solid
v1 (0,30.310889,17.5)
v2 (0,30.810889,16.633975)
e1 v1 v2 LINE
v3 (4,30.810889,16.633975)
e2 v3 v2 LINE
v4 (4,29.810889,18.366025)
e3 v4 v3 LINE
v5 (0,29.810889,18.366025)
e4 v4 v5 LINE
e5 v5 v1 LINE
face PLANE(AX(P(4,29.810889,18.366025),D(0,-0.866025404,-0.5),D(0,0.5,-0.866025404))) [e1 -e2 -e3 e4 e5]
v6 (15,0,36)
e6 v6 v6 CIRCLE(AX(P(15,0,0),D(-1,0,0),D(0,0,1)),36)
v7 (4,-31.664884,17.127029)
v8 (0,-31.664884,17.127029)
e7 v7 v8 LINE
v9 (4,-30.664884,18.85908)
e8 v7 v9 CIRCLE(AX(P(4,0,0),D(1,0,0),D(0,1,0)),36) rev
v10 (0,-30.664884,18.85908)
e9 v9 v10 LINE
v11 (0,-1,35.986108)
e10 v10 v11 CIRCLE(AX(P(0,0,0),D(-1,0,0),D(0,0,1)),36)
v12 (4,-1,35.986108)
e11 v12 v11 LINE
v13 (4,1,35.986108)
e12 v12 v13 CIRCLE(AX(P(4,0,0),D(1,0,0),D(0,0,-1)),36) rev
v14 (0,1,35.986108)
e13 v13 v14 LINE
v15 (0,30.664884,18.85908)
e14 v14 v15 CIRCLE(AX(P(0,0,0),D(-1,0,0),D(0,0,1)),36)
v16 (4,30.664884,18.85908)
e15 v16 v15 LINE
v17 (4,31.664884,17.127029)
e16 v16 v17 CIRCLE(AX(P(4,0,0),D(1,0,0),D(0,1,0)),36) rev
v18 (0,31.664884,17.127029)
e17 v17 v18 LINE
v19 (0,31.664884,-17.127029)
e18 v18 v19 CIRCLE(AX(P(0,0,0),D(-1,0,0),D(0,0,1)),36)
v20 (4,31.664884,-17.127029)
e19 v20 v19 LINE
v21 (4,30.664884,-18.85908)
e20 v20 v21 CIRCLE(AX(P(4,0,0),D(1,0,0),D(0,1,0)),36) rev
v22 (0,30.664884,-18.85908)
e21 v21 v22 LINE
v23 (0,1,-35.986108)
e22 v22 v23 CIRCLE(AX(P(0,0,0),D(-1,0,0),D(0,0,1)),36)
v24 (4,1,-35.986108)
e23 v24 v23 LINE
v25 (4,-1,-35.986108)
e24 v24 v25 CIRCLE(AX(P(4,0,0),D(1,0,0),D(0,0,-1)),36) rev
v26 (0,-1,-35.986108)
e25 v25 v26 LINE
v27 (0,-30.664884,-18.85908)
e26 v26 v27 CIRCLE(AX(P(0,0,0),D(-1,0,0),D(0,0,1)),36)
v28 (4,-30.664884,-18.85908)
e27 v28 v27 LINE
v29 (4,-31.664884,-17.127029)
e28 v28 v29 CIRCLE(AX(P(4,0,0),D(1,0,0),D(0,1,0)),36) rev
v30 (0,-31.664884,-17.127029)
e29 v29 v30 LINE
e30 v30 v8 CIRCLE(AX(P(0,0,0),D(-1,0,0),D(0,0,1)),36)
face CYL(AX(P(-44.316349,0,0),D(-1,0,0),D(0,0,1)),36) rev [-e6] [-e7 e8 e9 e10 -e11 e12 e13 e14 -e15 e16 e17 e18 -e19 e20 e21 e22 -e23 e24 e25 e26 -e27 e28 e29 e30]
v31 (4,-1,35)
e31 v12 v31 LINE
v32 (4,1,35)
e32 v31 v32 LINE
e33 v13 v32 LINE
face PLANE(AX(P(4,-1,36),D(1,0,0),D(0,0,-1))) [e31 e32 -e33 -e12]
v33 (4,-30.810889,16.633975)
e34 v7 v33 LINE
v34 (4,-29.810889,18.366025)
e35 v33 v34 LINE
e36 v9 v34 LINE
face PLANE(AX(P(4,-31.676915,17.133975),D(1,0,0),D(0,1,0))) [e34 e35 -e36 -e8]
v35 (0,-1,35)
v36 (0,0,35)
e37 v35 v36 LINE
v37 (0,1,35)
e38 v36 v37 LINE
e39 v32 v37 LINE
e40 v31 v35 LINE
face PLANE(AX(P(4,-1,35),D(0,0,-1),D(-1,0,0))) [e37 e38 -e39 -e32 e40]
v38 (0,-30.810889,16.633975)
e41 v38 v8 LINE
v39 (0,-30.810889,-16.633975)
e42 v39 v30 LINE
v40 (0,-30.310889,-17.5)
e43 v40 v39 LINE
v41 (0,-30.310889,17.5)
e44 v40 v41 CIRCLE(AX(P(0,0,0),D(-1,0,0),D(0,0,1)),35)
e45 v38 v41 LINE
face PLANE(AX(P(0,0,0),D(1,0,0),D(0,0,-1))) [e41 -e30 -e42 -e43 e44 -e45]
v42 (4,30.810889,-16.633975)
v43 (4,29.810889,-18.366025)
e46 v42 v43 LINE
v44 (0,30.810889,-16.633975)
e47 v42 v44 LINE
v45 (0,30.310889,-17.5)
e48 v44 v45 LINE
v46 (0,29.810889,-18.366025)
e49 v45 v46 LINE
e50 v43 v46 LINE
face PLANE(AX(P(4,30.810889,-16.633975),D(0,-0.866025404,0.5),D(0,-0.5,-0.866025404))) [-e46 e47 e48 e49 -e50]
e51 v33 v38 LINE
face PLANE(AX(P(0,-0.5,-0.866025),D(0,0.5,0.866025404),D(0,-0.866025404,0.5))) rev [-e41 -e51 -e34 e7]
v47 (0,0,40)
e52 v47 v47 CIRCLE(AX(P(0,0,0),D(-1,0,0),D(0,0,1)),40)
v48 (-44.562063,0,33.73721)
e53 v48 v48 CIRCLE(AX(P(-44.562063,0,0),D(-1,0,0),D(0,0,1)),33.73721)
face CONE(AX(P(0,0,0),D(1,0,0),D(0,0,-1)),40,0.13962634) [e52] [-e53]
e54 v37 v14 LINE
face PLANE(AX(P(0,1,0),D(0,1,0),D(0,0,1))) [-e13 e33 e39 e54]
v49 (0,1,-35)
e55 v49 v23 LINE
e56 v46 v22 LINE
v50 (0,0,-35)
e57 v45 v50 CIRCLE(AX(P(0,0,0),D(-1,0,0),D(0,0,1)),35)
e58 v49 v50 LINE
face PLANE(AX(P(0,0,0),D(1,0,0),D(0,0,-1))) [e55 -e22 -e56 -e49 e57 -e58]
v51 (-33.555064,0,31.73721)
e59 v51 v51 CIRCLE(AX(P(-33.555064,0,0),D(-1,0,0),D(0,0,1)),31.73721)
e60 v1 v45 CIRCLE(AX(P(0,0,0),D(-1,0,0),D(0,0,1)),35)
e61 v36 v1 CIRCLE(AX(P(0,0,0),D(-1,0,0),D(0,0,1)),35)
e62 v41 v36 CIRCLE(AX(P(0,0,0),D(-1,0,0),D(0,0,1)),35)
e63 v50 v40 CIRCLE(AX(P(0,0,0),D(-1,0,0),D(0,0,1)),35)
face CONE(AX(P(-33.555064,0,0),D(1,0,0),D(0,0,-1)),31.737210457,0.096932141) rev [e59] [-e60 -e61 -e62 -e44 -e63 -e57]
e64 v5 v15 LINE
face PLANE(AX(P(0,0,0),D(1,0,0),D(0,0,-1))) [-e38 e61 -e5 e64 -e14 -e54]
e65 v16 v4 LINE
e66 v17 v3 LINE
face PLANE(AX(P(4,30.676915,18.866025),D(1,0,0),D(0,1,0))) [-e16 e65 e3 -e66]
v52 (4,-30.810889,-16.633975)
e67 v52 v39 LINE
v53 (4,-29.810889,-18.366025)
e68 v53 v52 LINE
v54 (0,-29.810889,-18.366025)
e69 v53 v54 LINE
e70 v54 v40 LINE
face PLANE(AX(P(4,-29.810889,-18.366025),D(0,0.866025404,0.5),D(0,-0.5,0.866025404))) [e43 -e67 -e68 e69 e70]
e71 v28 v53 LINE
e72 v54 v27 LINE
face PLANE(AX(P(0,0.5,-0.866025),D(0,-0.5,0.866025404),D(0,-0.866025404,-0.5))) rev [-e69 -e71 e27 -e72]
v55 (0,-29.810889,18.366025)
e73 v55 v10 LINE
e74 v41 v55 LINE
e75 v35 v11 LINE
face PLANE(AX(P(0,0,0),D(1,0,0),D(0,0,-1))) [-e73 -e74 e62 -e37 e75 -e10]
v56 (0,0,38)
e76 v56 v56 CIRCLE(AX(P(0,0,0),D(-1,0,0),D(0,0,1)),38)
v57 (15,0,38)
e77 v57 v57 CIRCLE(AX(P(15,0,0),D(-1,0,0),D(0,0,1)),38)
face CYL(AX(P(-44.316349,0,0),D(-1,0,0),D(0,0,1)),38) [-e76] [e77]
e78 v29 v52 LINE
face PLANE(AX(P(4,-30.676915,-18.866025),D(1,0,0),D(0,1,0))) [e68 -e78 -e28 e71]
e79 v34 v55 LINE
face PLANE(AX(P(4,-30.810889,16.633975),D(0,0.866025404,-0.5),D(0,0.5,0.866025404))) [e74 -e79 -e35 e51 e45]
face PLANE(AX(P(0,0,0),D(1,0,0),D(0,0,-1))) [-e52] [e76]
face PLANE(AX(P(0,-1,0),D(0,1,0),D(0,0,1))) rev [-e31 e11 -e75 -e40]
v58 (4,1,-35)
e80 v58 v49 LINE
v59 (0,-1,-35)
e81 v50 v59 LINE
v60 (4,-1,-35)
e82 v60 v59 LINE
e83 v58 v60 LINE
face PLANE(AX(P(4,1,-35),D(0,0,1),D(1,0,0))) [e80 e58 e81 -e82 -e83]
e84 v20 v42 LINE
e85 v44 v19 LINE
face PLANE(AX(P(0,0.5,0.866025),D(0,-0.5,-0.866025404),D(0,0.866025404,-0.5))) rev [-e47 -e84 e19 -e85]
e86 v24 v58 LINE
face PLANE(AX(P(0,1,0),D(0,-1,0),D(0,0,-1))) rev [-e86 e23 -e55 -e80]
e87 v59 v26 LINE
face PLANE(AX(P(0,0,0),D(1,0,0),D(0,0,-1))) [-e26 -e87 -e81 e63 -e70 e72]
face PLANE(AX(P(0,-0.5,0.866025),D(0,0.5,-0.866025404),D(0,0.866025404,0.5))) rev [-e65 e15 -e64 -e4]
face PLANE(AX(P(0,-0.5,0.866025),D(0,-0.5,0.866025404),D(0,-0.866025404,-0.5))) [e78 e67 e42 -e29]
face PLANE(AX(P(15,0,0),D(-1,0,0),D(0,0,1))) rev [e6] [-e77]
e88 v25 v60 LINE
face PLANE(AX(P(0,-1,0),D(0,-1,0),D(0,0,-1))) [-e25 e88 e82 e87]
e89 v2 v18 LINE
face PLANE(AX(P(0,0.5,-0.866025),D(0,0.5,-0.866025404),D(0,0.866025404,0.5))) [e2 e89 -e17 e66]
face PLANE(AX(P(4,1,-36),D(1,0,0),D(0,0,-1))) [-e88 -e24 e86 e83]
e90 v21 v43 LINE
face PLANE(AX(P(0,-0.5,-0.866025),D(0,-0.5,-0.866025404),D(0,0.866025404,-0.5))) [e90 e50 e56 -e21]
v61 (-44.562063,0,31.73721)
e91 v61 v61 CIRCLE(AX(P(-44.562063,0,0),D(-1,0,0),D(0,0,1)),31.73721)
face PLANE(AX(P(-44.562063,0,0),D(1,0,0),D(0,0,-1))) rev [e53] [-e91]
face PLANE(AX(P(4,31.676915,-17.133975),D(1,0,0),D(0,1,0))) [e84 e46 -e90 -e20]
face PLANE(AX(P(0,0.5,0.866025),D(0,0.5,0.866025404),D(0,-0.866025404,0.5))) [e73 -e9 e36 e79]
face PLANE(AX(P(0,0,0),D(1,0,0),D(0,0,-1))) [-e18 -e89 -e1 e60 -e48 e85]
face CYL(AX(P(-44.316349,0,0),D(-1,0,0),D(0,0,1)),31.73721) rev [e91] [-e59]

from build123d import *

# Parameters (mm, degrees)
IZIM3_W                     = 4
IZIM3_H                     = 1
Y_KSEKLIK_EKSTR_ZYON1_DEPTH = 1
DAIRESEL_KAPLAMA1_COUNT     = 6


with BuildPart() as part:
    # Çizim1 → Döndür2 (revolve)
    with BuildSketch(Plane.XY):
        Polygon((0, 40), (-44.562063093, 33.737210457), (-44.562063093, 31.737210457), (-33.555064496, 31.737210457), (0, 35), (0, 36), (15, 36), (15, 38), (0, 38), align=None)
    revolve(axis=Axis((-44.316348886, 0, 0), (1, 0, 0)))

    # Çizim3 → Yükseklik-Ekstrüzyon1 (add, symmetric)
    with BuildSketch(Plane(origin=(0, 0, 0), x_dir=(1, 0, 0), z_dir=(0, 1, 0))):
        with Locations((2, -35.5)):
            Rectangle(IZIM3_W, IZIM3_H)
    y_kseklik_ekstr_zyon1 = extrude(amount=Y_KSEKLIK_EKSTR_ZYON1_DEPTH, both=True)

    # Dairesel Kaplama1: Yükseklik-Ekstrüzyon1 ×6 about axis
    dairesel_kaplama1_axis = Axis((0, 0, 0), (-1, 0, 0))
    for i in range(1, DAIRESEL_KAPLAMA1_COUNT):
        add(y_kseklik_ekstr_zyon1.rotate(dairesel_kaplama1_axis, i * 360 / DAIRESEL_KAPLAMA1_COUNT))


solid = part.part
